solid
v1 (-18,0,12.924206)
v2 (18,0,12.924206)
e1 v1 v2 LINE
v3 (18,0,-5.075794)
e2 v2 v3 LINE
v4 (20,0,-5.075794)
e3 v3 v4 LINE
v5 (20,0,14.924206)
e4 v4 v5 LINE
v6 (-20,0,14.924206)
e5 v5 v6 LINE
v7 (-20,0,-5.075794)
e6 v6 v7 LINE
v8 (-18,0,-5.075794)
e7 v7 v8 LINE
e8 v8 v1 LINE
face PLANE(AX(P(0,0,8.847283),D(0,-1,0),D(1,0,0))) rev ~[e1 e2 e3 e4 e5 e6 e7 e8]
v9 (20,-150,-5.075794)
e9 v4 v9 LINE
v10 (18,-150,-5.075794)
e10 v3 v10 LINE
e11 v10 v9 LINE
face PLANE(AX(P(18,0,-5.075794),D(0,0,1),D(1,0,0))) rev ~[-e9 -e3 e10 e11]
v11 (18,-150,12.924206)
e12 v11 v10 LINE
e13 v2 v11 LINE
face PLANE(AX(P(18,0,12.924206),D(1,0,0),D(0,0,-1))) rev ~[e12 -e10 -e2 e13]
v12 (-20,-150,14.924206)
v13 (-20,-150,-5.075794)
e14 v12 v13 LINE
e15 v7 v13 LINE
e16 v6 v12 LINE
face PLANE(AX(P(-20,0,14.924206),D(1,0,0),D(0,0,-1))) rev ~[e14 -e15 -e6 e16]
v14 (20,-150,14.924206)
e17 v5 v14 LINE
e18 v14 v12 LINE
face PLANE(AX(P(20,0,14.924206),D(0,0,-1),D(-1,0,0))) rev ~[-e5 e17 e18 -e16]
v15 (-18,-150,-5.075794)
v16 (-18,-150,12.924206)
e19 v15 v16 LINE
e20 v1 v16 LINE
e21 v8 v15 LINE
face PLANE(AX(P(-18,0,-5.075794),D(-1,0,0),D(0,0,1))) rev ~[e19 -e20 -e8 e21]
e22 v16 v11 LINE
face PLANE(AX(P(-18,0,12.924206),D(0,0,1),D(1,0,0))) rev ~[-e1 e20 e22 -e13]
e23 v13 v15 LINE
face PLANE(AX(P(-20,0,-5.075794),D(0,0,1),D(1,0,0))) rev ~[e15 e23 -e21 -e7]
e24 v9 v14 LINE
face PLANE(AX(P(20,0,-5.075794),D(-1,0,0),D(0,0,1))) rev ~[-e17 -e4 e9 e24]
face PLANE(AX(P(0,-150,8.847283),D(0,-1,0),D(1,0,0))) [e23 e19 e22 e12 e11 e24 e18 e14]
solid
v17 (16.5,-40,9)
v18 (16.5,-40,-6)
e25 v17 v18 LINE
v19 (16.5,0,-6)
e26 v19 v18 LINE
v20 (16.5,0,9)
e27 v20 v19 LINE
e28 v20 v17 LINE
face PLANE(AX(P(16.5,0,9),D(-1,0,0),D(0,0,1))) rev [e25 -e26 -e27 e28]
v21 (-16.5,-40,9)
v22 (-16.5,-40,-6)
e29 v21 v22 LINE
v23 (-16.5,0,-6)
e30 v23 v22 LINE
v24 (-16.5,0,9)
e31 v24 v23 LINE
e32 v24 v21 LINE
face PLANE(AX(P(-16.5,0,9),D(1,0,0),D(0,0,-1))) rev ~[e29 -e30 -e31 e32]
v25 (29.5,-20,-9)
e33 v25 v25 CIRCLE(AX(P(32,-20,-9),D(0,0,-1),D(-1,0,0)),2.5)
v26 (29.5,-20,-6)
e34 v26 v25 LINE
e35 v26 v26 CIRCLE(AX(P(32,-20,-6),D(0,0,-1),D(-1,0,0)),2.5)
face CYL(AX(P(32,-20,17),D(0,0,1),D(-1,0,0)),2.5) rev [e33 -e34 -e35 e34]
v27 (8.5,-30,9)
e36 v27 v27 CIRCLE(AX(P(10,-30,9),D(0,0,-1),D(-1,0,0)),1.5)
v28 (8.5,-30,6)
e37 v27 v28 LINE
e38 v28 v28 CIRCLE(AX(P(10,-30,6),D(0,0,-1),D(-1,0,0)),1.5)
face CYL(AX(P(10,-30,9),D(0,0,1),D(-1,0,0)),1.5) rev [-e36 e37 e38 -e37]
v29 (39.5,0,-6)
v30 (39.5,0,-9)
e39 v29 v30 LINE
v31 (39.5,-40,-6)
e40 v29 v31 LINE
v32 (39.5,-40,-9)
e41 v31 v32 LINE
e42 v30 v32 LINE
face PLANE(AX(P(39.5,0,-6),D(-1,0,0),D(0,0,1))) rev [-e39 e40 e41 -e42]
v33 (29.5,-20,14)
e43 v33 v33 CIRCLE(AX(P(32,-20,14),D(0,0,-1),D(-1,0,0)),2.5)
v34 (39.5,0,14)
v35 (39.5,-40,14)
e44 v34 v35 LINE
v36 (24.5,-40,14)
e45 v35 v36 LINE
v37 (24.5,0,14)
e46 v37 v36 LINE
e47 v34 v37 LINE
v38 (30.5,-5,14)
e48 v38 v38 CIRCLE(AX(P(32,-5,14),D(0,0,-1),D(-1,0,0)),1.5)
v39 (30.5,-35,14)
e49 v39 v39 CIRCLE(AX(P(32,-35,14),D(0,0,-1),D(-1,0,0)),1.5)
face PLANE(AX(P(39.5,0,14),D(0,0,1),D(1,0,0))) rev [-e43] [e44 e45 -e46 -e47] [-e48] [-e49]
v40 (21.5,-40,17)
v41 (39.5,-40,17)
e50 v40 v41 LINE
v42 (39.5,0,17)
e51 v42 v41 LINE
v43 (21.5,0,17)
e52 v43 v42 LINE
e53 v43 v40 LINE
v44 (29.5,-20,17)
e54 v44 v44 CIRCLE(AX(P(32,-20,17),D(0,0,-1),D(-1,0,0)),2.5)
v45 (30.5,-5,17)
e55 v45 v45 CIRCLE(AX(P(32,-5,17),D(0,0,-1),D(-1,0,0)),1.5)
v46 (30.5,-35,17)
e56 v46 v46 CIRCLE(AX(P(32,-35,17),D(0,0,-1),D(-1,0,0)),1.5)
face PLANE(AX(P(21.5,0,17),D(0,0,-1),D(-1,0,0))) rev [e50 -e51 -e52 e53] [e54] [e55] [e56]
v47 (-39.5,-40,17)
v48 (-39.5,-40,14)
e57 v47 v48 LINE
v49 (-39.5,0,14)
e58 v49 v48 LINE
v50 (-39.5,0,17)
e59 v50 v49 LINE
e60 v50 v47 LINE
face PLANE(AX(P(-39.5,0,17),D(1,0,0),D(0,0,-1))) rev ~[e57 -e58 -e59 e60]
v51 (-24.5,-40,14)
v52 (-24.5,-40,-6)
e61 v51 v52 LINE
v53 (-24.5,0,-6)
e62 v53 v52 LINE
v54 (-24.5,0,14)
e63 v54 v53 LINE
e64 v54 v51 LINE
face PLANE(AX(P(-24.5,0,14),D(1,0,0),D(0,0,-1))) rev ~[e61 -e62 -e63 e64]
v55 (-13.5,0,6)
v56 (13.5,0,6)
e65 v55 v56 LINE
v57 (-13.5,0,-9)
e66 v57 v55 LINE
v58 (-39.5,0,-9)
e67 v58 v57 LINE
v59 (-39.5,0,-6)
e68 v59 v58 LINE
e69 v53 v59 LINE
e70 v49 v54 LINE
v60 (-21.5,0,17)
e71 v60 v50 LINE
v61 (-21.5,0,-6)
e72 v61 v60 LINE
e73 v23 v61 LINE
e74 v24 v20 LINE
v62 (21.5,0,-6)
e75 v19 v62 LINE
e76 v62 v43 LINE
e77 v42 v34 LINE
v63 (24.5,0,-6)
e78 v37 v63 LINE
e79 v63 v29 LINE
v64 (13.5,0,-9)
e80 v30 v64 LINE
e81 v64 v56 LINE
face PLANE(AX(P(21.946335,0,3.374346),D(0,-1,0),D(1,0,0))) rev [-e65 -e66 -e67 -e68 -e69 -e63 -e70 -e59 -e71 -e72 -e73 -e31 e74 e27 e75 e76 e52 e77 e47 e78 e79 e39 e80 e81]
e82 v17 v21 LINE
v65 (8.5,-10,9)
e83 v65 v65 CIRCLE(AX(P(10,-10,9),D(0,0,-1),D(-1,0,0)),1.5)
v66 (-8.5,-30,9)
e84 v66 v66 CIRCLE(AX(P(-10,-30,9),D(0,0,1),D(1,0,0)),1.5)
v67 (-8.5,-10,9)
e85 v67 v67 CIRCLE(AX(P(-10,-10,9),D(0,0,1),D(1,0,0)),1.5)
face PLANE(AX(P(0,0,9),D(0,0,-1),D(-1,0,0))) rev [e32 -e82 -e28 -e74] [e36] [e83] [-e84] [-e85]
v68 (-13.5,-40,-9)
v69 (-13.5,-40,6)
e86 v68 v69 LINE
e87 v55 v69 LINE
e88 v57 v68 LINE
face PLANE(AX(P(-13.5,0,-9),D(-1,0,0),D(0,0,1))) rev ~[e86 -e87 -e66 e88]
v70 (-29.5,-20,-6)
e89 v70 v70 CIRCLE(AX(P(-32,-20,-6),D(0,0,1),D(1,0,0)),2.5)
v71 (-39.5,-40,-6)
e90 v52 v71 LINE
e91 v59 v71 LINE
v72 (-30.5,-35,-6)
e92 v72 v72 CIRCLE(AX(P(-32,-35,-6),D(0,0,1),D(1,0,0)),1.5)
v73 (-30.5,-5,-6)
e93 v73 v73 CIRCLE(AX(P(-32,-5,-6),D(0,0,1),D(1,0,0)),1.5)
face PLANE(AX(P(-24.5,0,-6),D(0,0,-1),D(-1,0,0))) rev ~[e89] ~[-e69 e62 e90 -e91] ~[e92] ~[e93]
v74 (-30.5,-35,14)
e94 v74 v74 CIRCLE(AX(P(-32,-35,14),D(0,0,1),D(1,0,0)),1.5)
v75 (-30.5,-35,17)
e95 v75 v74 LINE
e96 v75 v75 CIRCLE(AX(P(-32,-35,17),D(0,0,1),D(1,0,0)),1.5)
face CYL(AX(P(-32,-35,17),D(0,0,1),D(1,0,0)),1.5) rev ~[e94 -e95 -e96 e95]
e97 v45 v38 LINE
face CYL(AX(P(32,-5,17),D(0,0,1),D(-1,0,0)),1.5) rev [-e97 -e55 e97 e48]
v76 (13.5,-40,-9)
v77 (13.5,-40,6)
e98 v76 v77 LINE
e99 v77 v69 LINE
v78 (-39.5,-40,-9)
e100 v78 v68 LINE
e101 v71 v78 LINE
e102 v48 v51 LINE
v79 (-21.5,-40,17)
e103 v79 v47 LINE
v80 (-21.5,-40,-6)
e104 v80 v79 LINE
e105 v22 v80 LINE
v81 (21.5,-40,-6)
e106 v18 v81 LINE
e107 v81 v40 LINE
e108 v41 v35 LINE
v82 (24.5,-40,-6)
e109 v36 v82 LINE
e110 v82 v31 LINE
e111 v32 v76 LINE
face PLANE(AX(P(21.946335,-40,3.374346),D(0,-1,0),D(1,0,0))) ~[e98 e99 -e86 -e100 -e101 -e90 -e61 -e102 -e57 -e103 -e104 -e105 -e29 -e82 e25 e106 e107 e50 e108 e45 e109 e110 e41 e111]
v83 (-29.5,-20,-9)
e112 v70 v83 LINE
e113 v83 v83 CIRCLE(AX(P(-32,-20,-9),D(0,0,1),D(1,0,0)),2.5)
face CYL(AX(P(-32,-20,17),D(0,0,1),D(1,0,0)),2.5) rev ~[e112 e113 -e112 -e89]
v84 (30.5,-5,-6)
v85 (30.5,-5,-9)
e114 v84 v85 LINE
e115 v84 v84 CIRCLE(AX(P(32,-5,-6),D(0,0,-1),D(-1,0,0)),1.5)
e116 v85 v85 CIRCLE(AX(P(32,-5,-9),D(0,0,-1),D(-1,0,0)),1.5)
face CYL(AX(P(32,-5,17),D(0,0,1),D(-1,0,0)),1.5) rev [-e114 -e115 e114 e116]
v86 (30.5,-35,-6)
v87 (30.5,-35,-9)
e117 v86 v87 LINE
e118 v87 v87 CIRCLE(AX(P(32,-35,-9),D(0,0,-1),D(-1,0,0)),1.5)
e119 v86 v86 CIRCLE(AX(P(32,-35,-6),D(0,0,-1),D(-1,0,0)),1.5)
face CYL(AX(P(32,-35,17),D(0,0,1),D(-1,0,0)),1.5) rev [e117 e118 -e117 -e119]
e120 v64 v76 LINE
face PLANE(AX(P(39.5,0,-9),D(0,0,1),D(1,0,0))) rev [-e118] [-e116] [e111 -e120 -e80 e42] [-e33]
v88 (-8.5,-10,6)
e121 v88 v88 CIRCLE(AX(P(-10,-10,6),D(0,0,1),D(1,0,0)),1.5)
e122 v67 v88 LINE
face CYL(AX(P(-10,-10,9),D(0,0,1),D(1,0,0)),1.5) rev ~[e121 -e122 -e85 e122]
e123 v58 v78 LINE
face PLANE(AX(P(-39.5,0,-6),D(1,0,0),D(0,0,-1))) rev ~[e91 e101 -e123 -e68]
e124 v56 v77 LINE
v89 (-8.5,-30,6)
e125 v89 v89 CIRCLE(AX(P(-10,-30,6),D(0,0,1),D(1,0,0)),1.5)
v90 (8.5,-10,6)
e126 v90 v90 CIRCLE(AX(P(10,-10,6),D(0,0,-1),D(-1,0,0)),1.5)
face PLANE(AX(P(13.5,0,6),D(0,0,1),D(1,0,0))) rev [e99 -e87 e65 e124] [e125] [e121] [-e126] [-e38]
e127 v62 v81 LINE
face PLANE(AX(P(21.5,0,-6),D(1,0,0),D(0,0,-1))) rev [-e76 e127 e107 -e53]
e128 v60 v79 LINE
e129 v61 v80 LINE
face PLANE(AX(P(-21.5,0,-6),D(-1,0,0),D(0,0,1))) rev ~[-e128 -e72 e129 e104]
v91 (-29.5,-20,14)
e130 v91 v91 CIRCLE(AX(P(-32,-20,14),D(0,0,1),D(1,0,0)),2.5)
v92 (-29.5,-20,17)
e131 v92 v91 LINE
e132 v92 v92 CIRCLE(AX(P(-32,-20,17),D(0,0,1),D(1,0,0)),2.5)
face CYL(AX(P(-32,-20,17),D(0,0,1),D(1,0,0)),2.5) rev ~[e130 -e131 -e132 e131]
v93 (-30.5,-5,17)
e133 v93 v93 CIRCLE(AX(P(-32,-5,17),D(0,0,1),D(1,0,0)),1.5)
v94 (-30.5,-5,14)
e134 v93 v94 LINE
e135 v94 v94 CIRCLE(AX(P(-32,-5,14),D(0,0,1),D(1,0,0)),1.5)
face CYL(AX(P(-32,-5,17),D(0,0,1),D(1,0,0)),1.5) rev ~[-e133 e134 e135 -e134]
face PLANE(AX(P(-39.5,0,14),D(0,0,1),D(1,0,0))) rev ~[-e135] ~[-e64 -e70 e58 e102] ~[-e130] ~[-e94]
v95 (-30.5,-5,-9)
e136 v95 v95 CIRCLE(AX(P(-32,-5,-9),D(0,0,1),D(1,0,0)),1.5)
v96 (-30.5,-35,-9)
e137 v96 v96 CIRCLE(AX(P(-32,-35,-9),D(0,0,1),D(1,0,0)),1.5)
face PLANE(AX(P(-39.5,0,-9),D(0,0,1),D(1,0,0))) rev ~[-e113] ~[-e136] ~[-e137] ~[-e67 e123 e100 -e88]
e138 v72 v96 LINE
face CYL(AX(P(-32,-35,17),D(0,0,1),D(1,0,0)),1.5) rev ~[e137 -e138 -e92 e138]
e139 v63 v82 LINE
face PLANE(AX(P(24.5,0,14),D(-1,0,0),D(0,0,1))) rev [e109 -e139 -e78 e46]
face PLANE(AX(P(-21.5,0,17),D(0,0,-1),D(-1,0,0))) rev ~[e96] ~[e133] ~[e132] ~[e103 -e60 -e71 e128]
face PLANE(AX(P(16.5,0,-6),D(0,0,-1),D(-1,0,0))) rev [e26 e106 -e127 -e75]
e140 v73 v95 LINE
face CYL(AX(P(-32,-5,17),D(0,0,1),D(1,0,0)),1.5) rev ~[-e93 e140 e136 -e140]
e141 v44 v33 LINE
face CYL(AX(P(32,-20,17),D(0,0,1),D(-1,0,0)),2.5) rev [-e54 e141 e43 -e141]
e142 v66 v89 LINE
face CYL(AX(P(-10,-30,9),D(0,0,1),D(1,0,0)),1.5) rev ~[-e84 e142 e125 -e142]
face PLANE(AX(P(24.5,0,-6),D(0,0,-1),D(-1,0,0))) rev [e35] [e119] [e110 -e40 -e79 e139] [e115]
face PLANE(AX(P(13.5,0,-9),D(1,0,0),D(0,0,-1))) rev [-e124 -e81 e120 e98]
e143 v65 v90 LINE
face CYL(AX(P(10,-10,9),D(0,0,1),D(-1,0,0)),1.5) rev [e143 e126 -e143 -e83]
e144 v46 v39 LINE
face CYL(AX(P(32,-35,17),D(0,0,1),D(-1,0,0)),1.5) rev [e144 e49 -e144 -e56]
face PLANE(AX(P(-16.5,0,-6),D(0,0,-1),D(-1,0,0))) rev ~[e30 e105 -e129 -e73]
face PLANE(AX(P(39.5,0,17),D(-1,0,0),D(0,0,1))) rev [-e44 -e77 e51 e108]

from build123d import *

# Parameters (mm, degrees)
F1_DEPTH = 40
F2_R     = 1.5
F3_DEPTH = 18.001
F4_R     = 1.5
F4_R_2   = 2.5
F5_DEPTH = 26.001
F7_DEPTH = 150


with BuildPart() as f1:
    # F0 (on Front) → F1 (new body)
    with BuildSketch(Plane.XZ):
        Polygon((-13.5, -9), (-13.5, 6), (0, 6), (0, 9), (-16.5, 9), (-16.5, -6), (-21.5, -6), (-21.5, 17), (-39.5, 17), (-39.5, 14), (-24.5, 14), (-24.5, -6), (-39.5, -6), (-39.5, -9), (-24.5, -9), align=None)
    extrude(amount=F1_DEPTH)

    # F2 (on face) → F3 (cut, through all)
    with BuildSketch(Plane.XY.offset(9)):
        with Locations((-10, -10)):
            Circle(F2_R)
        with Locations((-10, -30)):
            Circle(F2_R)
    extrude(amount=-F3_DEPTH, mode=Mode.SUBTRACT)

    # F4 (on face) → F5 (cut, through all)
    with BuildSketch(Plane.XY.offset(17)):
        with Locations((-32, -35)):
            Circle(F4_R)
        with Locations((-32, -5)):
            Circle(F4_R)
        with Locations((-32, -20)):
            Circle(F4_R_2)
    extrude(amount=-F5_DEPTH, mode=Mode.SUBTRACT)

    # F6: F1 across face


with BuildPart() as f1_1:
    add(f1.part)
    add(f1.part.mirror(Plane(origin=(0, -20, 7.5), x_dir=(0, 1, 0), z_dir=(1, 0, 0))))


with BuildPart() as f7:
    # F0 (on Front) → F7 (new body)
    with BuildSketch(Plane.XZ):
        Polygon((-20, 14.924206), (-20, -5.075794), (-18, -5.075794), (-18, 12.924206), (18, 12.924206), (18, -5.075794), (20, -5.075794), (20, 14.924206), align=None)
    extrude(amount=F7_DEPTH)


solid = Compound([f1_1.part, f7.part])
